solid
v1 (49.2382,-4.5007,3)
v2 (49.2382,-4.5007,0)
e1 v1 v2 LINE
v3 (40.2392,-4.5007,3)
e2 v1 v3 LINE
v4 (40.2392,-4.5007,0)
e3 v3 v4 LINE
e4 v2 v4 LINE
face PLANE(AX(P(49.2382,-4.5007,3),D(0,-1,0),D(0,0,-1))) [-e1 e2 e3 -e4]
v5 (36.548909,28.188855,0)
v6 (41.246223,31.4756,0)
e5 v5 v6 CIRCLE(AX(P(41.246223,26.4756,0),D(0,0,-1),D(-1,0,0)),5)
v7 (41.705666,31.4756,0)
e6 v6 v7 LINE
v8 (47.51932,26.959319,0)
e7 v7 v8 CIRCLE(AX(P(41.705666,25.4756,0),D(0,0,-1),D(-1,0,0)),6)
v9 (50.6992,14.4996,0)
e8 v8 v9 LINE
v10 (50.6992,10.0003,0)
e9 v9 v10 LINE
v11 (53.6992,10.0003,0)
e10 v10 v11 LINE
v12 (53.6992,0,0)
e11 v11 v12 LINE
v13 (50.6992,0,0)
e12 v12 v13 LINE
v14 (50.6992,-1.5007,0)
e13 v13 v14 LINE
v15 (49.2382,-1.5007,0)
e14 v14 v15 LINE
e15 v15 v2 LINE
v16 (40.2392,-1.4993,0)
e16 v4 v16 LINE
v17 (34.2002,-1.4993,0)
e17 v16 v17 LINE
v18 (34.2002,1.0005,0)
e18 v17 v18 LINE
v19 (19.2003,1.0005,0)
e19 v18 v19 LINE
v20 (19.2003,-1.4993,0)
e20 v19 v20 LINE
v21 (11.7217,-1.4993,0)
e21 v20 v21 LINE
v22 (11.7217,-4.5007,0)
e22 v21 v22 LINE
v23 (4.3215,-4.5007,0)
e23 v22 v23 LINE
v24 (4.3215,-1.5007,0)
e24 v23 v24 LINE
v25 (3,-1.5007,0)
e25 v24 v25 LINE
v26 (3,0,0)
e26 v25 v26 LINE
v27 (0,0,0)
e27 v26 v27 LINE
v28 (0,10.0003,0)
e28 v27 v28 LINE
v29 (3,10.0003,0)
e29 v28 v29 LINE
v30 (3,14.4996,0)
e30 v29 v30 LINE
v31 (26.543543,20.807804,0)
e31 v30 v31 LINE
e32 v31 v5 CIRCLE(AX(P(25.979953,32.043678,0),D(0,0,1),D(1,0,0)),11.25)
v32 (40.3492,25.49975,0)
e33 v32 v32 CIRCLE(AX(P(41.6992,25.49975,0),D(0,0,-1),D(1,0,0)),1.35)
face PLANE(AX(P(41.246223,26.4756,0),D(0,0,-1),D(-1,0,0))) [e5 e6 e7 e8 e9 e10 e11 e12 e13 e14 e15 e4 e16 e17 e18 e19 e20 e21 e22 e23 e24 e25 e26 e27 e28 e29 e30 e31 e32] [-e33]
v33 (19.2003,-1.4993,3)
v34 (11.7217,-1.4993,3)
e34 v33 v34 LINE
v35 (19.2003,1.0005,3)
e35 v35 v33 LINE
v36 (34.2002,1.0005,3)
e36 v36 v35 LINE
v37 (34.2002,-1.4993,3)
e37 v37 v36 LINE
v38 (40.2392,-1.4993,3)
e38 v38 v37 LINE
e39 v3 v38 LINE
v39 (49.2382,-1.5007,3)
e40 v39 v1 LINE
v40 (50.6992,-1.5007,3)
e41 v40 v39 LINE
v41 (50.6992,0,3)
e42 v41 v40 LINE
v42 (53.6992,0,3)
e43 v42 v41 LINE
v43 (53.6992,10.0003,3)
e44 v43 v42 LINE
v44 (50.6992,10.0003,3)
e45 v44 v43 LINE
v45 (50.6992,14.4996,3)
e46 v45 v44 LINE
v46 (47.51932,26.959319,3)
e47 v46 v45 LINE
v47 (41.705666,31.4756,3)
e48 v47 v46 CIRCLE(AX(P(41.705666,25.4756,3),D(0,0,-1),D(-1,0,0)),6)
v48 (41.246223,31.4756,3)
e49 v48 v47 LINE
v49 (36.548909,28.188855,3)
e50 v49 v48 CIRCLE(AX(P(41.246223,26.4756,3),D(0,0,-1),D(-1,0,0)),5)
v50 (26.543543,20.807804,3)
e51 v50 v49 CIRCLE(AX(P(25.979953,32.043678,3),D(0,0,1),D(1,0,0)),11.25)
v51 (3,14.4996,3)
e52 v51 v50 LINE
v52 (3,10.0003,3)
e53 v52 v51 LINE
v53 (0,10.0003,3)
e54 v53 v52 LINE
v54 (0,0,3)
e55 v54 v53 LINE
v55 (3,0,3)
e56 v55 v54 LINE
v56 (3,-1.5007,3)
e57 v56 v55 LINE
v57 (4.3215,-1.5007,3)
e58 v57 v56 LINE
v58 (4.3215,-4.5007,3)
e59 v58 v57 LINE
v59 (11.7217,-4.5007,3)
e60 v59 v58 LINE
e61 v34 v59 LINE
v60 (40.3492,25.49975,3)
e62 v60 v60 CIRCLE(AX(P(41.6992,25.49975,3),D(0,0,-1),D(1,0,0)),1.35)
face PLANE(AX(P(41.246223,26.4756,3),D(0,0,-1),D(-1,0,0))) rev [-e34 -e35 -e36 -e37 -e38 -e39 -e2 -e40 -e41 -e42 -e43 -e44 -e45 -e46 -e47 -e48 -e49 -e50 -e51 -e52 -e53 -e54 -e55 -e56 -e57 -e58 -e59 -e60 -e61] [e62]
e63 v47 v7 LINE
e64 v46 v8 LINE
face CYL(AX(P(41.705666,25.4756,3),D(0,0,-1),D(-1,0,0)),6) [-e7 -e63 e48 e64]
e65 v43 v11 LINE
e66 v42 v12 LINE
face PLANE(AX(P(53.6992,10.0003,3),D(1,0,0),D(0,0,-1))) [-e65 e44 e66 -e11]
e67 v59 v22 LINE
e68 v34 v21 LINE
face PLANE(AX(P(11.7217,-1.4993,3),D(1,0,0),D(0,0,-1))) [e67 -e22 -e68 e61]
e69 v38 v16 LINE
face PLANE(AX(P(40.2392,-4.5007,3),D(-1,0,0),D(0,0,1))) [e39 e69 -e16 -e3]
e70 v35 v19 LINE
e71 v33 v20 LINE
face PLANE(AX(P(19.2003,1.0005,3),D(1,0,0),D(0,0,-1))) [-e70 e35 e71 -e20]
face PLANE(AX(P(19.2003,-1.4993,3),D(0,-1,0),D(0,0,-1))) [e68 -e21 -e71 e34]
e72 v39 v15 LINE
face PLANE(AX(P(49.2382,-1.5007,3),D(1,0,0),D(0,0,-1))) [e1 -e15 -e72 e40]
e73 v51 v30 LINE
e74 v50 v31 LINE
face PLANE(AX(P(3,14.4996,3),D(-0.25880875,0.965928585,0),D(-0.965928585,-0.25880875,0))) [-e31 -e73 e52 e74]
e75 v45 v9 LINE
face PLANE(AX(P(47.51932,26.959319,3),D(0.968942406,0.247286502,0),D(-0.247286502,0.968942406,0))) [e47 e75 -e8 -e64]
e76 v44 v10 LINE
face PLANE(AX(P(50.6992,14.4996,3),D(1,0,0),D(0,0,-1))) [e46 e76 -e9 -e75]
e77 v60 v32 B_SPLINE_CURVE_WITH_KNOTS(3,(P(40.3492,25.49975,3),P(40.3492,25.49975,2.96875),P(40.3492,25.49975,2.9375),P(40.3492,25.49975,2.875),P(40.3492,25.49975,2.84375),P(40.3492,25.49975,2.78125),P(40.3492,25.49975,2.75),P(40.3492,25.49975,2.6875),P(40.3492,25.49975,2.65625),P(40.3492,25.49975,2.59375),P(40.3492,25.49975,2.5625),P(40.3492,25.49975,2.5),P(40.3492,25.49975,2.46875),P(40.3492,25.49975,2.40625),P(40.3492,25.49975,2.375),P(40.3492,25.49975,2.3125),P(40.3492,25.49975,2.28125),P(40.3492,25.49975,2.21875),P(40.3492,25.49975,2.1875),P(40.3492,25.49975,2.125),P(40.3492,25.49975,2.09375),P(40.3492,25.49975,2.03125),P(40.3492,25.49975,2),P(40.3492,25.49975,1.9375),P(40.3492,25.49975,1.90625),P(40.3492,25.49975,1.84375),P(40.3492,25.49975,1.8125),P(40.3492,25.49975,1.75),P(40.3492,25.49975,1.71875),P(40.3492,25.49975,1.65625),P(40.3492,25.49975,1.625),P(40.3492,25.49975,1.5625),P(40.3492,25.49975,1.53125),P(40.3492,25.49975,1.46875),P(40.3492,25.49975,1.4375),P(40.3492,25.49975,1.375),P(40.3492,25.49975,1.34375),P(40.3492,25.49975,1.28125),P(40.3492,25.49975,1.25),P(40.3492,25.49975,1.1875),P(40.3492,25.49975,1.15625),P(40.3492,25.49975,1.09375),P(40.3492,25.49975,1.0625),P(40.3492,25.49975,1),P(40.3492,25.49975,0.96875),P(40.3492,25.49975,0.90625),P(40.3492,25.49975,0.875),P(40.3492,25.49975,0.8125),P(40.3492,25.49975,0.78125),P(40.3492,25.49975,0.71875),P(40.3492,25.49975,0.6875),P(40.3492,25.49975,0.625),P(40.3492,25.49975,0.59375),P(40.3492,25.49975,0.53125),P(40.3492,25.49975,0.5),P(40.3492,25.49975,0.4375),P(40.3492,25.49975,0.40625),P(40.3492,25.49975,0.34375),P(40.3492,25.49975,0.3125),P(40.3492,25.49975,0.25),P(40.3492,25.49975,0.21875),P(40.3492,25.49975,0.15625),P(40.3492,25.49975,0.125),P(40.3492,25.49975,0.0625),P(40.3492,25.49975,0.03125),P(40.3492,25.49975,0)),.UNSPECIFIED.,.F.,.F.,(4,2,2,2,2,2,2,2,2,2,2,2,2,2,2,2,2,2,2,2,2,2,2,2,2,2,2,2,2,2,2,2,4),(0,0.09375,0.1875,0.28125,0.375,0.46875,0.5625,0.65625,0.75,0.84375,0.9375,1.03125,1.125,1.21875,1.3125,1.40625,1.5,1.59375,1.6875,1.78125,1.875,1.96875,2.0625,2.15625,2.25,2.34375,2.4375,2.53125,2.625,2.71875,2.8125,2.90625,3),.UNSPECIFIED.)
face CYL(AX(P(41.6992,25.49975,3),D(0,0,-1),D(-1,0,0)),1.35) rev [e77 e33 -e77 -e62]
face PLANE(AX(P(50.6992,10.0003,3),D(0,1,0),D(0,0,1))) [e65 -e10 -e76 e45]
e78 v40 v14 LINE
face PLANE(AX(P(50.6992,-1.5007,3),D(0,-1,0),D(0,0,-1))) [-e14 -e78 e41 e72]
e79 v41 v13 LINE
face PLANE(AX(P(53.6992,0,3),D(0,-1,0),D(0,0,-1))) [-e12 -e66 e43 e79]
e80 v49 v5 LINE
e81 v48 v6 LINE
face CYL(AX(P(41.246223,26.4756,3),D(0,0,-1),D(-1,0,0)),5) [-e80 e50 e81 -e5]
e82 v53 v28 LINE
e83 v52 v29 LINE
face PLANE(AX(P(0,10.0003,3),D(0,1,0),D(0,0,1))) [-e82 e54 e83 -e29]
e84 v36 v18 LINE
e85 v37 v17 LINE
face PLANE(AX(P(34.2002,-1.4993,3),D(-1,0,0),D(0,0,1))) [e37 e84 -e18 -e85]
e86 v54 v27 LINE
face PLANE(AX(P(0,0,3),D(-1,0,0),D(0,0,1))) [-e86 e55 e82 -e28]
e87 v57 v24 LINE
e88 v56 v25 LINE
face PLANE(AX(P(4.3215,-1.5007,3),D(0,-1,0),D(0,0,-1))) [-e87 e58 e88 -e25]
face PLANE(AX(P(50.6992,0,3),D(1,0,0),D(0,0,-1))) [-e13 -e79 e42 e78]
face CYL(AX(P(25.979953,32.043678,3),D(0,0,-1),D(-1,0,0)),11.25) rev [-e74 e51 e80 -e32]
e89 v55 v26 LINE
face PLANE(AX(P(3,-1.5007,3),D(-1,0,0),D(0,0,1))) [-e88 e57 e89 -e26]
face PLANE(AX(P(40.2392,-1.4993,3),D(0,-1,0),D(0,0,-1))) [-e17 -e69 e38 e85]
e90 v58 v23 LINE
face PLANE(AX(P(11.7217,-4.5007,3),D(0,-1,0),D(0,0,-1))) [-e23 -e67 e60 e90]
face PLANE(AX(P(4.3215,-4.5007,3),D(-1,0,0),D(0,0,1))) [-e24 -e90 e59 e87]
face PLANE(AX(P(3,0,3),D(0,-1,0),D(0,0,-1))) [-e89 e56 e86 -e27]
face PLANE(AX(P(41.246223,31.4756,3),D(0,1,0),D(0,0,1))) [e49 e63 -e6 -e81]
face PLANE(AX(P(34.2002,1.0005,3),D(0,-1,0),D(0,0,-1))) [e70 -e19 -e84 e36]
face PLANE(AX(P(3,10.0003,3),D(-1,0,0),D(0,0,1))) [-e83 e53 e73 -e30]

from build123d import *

# Parameters (mm, degrees)
SKETCH_1_R      = 1.35
EXTRUDE_1_DEPTH = 3


with BuildPart() as part:
    # 草图1 → 凸台-拉伸1 (new body)
    with BuildSketch(Plane(origin=(0, 0, 0), x_dir=(-1, 0, 0), z_dir=(0, 0, -1))):
        with BuildLine():
            Line((-41.246222879, 31.4756), (-41.70566582, 31.4756))
            ThreePointArc((-41.70566582, 31.4756), (-45.386541118, 30.213865193), (-47.519320255, 26.959319012))
            Line((-47.519320255, 26.959319012), (-50.6992, 14.4996))
            Line((-50.6992, 14.4996), (-50.6992, 10.0003))
            Line((-50.6992, 10.0003), (-53.6992, 10.0003))
            Line((-53.6992, 10.0003), (-53.6992, 0))
            Line((-53.6992, 0), (-50.6992, 0))
            Line((-50.6992, 0), (-50.6992, -1.5007))
            Line((-50.6992, -1.5007), (-49.2382, -1.5007))
            Line((-49.2382, -1.5007), (-49.2382, -4.5007))
            Line((-49.2382, -4.5007), (-40.2392, -4.5007))
            Line((-40.2392, -4.5007), (-40.2392, -1.4993))
            Line((-40.2392, -1.4993), (-34.2002, -1.4993))
            Line((-34.2002, -1.4993), (-34.2002, 1.0005))
            Line((-34.2002, 1.0005), (-19.2003, 1.0005))
            Line((-19.2003, 1.0005), (-19.2003, -1.4993))
            Line((-19.2003, -1.4993), (-11.7217, -1.4993))
            Line((-11.7217, -1.4993), (-11.7217, -4.5007))
            Line((-11.7217, -4.5007), (-4.3215, -4.5007))
            Line((-4.3215, -4.5007), (-4.3215, -1.5007))
            Line((-4.3215, -1.5007), (-3, -1.5007))
            Line((-3, -1.5007), (-3, 0))
            Line((-3, 0), (0, 0))
            Line((0, 0), (0, 10.0003))
            Line((0, 10.0003), (-3, 10.0003))
            Line((-3, 10.0003), (-3, 14.4996))
            Line((-3, 14.4996), (-26.543543046, 20.807804388))
            ThreePointArc((-26.543543046, 20.807804388), (-32.65852857, 22.990550509), (-36.548909006, 28.188854909))
            ThreePointArc((-36.548909006, 28.188854909), (-38.379715818, 30.572322748), (-41.246222879, 31.4756))
        make_face()
        with Locations((-41.6992, 25.49975)):
            Circle(SKETCH_1_R, mode=Mode.SUBTRACT)
    extrude(amount=-EXTRUDE_1_DEPTH)


solid = part.part
